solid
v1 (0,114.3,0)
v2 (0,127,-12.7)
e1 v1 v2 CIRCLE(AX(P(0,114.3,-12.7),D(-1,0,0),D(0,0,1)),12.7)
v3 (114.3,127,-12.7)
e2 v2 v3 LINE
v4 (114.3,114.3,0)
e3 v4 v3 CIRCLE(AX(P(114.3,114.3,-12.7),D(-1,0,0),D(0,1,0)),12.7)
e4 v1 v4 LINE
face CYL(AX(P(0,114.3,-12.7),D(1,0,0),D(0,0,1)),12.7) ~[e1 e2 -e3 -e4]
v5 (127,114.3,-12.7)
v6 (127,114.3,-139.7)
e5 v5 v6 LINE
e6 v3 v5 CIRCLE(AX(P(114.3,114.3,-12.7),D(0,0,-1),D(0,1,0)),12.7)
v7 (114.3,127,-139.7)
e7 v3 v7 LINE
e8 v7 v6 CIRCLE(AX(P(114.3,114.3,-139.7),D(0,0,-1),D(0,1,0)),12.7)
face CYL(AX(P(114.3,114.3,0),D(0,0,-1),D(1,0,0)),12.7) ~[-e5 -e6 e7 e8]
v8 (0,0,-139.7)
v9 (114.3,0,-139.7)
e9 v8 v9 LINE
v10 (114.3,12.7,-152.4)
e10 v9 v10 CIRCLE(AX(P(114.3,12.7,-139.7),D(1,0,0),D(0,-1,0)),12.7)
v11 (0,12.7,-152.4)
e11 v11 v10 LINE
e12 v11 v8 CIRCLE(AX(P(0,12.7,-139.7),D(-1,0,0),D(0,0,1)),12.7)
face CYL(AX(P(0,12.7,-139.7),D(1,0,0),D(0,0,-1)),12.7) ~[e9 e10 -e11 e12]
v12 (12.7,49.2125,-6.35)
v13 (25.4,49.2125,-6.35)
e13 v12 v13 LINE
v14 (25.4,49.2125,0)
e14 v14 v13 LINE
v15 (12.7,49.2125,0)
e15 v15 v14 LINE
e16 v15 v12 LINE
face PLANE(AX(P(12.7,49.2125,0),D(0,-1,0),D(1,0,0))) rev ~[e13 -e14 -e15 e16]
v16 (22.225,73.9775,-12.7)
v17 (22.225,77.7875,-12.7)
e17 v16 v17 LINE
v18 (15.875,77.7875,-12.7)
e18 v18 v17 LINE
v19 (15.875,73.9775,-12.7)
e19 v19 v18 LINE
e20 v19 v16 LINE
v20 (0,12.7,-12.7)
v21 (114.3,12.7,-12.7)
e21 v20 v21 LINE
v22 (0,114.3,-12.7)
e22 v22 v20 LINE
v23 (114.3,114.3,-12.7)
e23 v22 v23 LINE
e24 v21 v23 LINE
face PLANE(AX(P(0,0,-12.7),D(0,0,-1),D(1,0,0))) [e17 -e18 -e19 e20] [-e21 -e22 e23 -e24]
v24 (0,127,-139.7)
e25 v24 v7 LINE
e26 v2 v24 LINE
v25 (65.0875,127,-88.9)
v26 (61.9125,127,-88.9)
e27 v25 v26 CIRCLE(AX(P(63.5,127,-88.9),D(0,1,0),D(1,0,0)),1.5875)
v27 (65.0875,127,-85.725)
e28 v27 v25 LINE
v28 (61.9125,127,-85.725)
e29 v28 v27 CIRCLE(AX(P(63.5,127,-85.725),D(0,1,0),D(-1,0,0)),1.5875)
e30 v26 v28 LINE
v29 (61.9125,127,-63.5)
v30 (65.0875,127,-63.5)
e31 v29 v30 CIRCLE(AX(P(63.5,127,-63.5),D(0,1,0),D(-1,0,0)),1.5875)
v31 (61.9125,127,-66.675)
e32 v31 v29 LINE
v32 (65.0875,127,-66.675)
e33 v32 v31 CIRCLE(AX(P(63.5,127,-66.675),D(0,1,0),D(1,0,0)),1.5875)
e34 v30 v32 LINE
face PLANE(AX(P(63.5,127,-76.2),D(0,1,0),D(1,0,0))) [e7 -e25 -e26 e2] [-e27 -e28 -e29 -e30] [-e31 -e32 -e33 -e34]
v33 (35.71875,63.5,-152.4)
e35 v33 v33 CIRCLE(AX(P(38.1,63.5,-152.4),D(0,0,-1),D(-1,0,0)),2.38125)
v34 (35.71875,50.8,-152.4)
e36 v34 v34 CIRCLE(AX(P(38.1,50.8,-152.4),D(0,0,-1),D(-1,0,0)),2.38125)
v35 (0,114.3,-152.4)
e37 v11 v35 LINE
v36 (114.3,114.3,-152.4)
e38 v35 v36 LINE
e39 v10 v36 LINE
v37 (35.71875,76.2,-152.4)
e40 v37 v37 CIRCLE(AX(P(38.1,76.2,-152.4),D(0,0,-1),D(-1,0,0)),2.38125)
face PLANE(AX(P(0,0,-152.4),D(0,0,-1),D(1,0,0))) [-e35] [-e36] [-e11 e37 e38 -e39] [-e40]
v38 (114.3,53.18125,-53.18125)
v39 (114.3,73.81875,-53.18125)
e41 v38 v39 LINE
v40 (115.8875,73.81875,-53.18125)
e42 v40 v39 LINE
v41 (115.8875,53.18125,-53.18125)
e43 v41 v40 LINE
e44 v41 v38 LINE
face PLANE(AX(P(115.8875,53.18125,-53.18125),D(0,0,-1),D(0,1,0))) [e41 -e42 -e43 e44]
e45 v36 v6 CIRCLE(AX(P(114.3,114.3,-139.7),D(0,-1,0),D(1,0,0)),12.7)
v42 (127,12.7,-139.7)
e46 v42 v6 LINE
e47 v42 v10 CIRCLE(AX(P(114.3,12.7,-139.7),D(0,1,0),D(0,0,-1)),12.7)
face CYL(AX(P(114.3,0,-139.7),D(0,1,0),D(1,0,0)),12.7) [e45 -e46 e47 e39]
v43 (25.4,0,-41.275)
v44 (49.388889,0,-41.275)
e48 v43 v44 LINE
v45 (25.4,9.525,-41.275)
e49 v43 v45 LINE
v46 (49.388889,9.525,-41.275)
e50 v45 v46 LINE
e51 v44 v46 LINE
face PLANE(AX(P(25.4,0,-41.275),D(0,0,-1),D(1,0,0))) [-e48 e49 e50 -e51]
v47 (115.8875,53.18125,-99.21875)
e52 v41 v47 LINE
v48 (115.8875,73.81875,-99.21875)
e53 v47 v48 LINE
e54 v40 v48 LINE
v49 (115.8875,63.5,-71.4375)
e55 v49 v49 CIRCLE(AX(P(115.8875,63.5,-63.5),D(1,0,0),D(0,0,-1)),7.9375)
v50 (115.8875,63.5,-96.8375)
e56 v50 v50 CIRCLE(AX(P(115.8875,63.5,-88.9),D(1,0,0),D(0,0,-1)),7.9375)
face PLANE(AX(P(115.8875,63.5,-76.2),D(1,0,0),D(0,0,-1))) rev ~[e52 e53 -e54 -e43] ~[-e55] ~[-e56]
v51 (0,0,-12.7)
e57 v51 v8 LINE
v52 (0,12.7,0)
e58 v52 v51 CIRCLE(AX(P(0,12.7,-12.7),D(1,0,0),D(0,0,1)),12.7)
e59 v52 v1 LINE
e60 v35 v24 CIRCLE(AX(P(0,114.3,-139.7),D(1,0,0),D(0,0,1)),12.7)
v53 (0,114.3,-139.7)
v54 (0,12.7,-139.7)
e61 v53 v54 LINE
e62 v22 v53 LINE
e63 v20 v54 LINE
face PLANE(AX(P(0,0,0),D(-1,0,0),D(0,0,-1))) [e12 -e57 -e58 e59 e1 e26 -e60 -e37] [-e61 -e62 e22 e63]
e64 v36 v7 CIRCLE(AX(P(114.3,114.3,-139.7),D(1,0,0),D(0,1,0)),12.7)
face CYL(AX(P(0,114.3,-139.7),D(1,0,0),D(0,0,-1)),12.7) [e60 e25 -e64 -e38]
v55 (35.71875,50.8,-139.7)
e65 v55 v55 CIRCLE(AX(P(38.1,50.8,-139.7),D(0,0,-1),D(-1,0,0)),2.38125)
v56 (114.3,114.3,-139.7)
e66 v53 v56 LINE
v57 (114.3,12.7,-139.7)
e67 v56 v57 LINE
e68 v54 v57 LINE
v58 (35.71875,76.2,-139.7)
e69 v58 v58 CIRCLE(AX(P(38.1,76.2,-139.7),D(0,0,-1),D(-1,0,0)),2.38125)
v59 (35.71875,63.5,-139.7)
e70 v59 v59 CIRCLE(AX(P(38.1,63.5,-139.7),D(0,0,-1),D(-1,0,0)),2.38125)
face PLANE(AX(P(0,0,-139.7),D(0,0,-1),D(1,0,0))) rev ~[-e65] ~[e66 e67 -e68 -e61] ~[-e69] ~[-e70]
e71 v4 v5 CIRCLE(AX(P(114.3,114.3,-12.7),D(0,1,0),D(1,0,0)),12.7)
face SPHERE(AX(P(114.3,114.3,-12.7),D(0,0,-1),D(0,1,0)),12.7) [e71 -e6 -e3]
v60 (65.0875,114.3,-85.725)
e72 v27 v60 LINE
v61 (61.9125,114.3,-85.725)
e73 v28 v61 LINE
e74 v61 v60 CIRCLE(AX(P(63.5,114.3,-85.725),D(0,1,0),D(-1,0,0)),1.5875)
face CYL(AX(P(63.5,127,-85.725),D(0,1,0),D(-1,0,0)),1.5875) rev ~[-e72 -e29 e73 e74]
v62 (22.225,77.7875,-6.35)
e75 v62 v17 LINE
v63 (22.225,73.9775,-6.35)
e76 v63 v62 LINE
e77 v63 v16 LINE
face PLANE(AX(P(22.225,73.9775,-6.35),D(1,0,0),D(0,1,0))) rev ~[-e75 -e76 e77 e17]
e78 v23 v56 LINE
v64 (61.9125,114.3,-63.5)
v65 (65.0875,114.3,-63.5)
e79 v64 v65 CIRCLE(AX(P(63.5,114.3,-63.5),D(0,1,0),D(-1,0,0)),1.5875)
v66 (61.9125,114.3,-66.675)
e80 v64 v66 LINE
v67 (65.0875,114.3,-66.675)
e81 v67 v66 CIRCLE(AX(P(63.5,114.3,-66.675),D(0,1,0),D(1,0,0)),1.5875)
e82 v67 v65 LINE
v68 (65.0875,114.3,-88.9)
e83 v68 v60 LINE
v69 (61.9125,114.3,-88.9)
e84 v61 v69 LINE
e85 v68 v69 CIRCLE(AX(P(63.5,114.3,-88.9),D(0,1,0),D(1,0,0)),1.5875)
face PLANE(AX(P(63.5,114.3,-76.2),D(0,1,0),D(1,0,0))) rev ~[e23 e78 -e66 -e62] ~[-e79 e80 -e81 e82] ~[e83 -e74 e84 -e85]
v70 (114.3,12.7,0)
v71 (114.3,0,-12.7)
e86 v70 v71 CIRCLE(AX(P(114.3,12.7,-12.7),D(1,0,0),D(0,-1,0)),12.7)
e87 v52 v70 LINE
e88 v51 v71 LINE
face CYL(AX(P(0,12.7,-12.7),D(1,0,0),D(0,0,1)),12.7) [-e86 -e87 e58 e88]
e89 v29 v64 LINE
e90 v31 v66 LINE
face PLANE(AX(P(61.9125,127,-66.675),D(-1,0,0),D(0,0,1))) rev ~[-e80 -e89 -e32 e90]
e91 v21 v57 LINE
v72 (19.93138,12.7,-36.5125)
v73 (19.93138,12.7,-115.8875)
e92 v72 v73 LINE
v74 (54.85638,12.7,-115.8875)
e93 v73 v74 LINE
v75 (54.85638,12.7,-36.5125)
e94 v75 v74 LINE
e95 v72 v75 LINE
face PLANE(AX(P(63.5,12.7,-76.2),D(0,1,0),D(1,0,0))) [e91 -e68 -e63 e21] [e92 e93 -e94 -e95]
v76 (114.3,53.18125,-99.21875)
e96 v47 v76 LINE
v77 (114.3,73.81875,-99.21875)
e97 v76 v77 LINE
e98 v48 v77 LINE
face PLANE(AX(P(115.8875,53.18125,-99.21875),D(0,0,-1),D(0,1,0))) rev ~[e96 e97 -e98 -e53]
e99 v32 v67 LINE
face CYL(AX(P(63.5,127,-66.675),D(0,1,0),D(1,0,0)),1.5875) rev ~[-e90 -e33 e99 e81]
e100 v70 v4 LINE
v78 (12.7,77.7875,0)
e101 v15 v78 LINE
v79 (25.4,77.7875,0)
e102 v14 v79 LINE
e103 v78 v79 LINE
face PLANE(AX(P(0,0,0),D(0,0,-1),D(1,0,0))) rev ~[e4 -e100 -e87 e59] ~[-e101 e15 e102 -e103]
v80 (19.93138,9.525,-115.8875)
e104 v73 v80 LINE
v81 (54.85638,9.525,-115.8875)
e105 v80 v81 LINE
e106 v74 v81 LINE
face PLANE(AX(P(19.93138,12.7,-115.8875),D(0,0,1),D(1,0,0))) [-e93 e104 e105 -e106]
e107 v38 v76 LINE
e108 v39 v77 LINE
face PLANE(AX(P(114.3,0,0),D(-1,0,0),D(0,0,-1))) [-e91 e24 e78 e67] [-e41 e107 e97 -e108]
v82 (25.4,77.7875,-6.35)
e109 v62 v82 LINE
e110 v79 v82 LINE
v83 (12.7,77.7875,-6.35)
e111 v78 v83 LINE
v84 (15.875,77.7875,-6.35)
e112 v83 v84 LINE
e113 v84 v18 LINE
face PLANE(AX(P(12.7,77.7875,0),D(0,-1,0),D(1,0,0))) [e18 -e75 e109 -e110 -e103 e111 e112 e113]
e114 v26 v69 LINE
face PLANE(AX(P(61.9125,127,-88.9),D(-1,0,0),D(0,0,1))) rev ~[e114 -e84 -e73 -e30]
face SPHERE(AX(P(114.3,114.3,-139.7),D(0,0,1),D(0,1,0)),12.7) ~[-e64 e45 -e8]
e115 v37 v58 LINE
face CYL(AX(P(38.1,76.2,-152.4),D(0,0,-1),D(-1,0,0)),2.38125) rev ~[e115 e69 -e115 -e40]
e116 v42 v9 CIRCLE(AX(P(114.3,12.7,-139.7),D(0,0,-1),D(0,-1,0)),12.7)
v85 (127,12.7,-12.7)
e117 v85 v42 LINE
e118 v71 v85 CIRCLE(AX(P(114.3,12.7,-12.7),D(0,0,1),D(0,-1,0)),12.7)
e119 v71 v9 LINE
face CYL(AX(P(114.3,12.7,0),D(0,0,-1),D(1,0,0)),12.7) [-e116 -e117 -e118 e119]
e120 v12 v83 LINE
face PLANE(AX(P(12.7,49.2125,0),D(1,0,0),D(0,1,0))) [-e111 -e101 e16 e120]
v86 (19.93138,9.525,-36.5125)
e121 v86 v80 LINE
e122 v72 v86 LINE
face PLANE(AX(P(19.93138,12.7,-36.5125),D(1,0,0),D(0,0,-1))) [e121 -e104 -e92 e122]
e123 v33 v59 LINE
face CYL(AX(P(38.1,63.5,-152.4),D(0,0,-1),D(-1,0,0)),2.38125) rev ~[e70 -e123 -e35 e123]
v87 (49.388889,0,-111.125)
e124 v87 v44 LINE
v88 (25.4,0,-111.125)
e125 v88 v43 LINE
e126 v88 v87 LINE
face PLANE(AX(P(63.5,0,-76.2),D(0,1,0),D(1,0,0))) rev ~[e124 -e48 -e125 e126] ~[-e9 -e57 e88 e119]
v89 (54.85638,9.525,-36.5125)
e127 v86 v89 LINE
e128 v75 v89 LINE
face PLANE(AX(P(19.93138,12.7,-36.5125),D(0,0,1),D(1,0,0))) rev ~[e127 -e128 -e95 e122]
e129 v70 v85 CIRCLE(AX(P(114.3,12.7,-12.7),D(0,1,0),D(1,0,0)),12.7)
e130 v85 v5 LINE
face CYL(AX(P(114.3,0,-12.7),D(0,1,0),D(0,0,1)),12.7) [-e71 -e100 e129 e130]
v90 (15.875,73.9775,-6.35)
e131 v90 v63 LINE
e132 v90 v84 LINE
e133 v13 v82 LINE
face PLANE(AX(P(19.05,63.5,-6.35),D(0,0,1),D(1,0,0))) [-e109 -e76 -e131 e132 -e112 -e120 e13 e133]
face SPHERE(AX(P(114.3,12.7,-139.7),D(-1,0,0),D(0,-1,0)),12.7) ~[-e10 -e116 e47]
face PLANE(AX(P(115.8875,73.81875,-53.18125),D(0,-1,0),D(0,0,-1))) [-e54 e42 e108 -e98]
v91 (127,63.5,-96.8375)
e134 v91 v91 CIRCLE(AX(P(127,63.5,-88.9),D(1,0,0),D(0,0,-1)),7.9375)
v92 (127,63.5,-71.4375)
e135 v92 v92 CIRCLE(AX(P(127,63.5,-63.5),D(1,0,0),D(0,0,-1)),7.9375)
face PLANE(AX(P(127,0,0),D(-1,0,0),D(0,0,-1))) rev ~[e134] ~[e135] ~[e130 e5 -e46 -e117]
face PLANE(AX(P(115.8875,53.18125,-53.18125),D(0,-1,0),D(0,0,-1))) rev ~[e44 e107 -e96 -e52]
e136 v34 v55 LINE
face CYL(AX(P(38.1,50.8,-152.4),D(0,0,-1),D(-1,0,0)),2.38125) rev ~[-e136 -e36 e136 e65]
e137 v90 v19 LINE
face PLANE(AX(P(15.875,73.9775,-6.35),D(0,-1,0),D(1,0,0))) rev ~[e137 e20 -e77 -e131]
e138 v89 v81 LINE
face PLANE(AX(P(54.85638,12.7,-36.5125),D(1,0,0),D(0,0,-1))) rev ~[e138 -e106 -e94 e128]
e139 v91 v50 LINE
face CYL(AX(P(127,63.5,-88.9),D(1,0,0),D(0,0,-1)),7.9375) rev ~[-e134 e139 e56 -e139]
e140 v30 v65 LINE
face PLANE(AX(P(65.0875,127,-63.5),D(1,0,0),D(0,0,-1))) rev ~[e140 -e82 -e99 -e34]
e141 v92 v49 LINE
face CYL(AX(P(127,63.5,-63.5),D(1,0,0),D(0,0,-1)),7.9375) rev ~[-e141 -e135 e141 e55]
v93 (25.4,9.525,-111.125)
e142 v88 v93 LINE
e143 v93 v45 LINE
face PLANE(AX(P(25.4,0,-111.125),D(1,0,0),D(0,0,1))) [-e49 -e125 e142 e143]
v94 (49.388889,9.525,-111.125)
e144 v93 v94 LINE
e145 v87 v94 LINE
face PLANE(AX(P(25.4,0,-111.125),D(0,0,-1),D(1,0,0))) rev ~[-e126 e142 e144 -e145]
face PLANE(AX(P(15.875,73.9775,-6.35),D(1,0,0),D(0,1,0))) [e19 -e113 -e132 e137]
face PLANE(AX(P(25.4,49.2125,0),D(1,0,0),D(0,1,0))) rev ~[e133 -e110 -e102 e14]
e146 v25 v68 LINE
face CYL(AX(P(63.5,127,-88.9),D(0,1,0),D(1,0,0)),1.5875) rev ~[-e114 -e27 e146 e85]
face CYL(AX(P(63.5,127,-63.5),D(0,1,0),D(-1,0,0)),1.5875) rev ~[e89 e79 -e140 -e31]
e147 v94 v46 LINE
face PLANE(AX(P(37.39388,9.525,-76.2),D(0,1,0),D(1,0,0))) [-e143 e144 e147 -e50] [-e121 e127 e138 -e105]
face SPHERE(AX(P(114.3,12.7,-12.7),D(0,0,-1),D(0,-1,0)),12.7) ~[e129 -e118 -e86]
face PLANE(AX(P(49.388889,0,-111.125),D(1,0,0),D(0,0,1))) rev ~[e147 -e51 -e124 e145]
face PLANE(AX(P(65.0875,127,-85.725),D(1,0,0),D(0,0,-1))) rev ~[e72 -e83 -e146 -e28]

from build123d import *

# Parameters (mm, degrees)
SKETCH1_W           = 127
SKETCH1_H           = 152.4
BOSS_EXTRUDE1_DEPTH = 127
SHELL1_T            = -12.7
FILLET1_R           = 12.7
SKETCH3_W           = 23.988888889
SKETCH3_H           = 69.85
CUT_EXTRUDE1_DEPTH  = 9.525
SKETCH4_W           = 34.925
SKETCH4_H           = 79.375
CUT_EXTRUDE2_DEPTH  = 3.175
SKETCH5_W           = 12.7
SKETCH5_H           = 28.575
CUT_EXTRUDE3_DEPTH  = 6.35
CUT_EXTRUDE4_REACH  = 233.492
SKETCH6_W           = 6.35
SKETCH6_H           = 3.81
SKETCH7_R           = 7.9375
CUT_EXTRUDE5_DEPTH  = 11.1125
CUT_EXTRUDE6_REACH  = 231.749
SKETCH8_W           = 46.0375
SKETCH8_H           = 20.6375
CUT_EXTRUDE7_REACH  = 237.55
SKETCH9_R           = 2.38125
CUT_EXTRUDE8_REACH  = 237.55


with BuildPart() as part:
    # Sketch1 → Boss-Extrude1 (new body)
    with BuildSketch(Plane(origin=(0, 0, 0), x_dir=(1, 0, 0), z_dir=(0, 1, 0))):
        with Locations((63.5, 76.2)):
            Rectangle(SKETCH1_W, SKETCH1_H)
    extrude(amount=BOSS_EXTRUDE1_DEPTH)

    # Shell1
    shell1_openings = [part.faces().sort_by_distance(p)[0] for p in [
        (0, 63.5, -76.2),
    ]]
    offset(amount=SHELL1_T, openings=shell1_openings, kind=Kind.INTERSECTION)

    # Fillet1
    fillet1_edges = [part.edges().sort_by_distance(p)[0] for p in [
        (127, 127, -76.2),
        (63.5, 127, -152.4),
        (63.5, 0, -152.4),
        (127, 0, -76.2),
        (63.5, 0, 0),
        (63.5, 127, 0),
        (127, 63.5, -152.4),
        (127, 63.5, 0),
    ]]
    fillet(fillet1_edges, radius=FILLET1_R)

    # Sketch3 → Cut-Extrude1 (cut)
    with BuildSketch(Plane.XZ):
        with Locations((37.394444445, -76.2)):
            Rectangle(SKETCH3_W, SKETCH3_H)
    extrude(amount=-CUT_EXTRUDE1_DEPTH, mode=Mode.SUBTRACT)

    # Sketch4 → Cut-Extrude2 (cut)
    with BuildSketch(Plane(origin=(0, 12.7, 0), x_dir=(1, 0, 0), z_dir=(0, 1, 0))):
        with Locations((37.39388, 76.2)):
            Rectangle(SKETCH4_W, SKETCH4_H)
    extrude(amount=-CUT_EXTRUDE2_DEPTH, mode=Mode.SUBTRACT)

    # Sketch5 → Cut-Extrude3 (cut)
    with BuildSketch(Plane.XY):
        with Locations((19.05, 63.5)):
            Rectangle(SKETCH5_W, SKETCH5_H)
    extrude(amount=-CUT_EXTRUDE3_DEPTH, mode=Mode.SUBTRACT)

    # Sketch6 → Cut-Extrude4 (cut, up to next)
    with BuildSketch(Plane.XY.offset(-6.35), mode=Mode.PRIVATE) as cut_extrude4_sk1:
        with Locations((19.05, 75.8825)):
            Rectangle(SKETCH6_W, SKETCH6_H)
    cut_extrude4_tool1 = extrude(cut_extrude4_sk1.sketch, amount=-CUT_EXTRUDE4_REACH, mode=Mode.PRIVATE) & part.part
    add(cut_extrude4_tool1.solids().sort_by_distance((19.05, 75.8825, -6.35))[0], mode=Mode.SUBTRACT)

    # Sketch7 → Cut-Extrude5 (cut)
    with BuildSketch(Plane(origin=(127, 0, 0), x_dir=(0, 0, -1), z_dir=(1, 0, 0))):
        with Locations((63.5, 63.5)):
            Circle(SKETCH7_R)
        with Locations((88.9, 63.5)):
            Circle(SKETCH7_R)
    extrude(amount=-CUT_EXTRUDE5_DEPTH, mode=Mode.SUBTRACT)

    # Sketch8 → Cut-Extrude6 (cut, up to next)
    with BuildSketch(Plane(origin=(115.8875, 0, 0), x_dir=(0, 0, -1), z_dir=(1, 0, 0)), mode=Mode.PRIVATE) as cut_extrude6_sk1:
        with Locations((76.2, 63.5)):
            Rectangle(SKETCH8_W, SKETCH8_H)
    cut_extrude6_tool1 = extrude(cut_extrude6_sk1.sketch, amount=-CUT_EXTRUDE6_REACH, mode=Mode.PRIVATE) & part.part
    add(cut_extrude6_tool1.solids().sort_by_distance((115.8875, 63.5, -76.2))[0], mode=Mode.SUBTRACT)

    # Sketch9 → Cut-Extrude7 (cut, up to next)
    with BuildSketch(Plane(origin=(0, 0, -152.4), x_dir=(-1, 0, 0), z_dir=(0, 0, -1)), mode=Mode.PRIVATE) as cut_extrude7_sk1:
        with Locations((-38.1, 76.2)):
            Circle(SKETCH9_R)
    cut_extrude7_tool1 = extrude(cut_extrude7_sk1.sketch, amount=-CUT_EXTRUDE7_REACH, mode=Mode.PRIVATE) & part.part
    # Sketch9 → Cut-Extrude7 (cut, up to next)
    with BuildSketch(Plane(origin=(0, 0, -152.4), x_dir=(-1, 0, 0), z_dir=(0, 0, -1)), mode=Mode.PRIVATE) as cut_extrude7_sk2:
        with Locations((-38.1, 63.5)):
            Circle(SKETCH9_R)
    cut_extrude7_tool2 = extrude(cut_extrude7_sk2.sketch, amount=-CUT_EXTRUDE7_REACH, mode=Mode.PRIVATE) & part.part
    # Sketch9 → Cut-Extrude7 (cut, up to next)
    with BuildSketch(Plane(origin=(0, 0, -152.4), x_dir=(-1, 0, 0), z_dir=(0, 0, -1)), mode=Mode.PRIVATE) as cut_extrude7_sk3:
        with Locations((-38.1, 50.8)):
            Circle(SKETCH9_R)
    cut_extrude7_tool3 = extrude(cut_extrude7_sk3.sketch, amount=-CUT_EXTRUDE7_REACH, mode=Mode.PRIVATE) & part.part
    add(cut_extrude7_tool1.solids().sort_by_distance((38.1, 76.2, -152.4))[0], mode=Mode.SUBTRACT)
    add(cut_extrude7_tool2.solids().sort_by_distance((38.1, 63.5, -152.4))[0], mode=Mode.SUBTRACT)
    add(cut_extrude7_tool3.solids().sort_by_distance((38.1, 50.8, -152.4))[0], mode=Mode.SUBTRACT)

    # Sketch10 → Cut-Extrude8 (cut, up to next)
    with BuildSketch(Plane(origin=(0, 127, 0), x_dir=(1, 0, 0), z_dir=(0, 1, 0)), mode=Mode.PRIVATE) as cut_extrude8_sk1:
        with BuildLine():
            Line((61.9125, 88.9), (61.9125, 85.725))
            ThreePointArc((61.9125, 85.725), (63.5, 84.1375), (65.0875, 85.725))
            Line((65.0875, 85.725), (65.0875, 88.9))
            ThreePointArc((65.0875, 88.9), (63.5, 90.4875), (61.9125, 88.9))
        make_face()
    cut_extrude8_tool1 = extrude(cut_extrude8_sk1.sketch, amount=-CUT_EXTRUDE8_REACH, mode=Mode.PRIVATE) & part.part
    # Sketch10 → Cut-Extrude8 (cut, up to next)
    with BuildSketch(Plane(origin=(0, 127, 0), x_dir=(1, 0, 0), z_dir=(0, 1, 0)), mode=Mode.PRIVATE) as cut_extrude8_sk2:
        with BuildLine():
            Line((61.9125, 66.675), (61.9125, 63.5))
            ThreePointArc((61.9125, 63.5), (63.5, 61.9125), (65.0875, 63.5))
            Line((65.0875, 63.5), (65.0875, 66.675))
            ThreePointArc((65.0875, 66.675), (63.5, 68.2625), (61.9125, 66.675))
        make_face()
    cut_extrude8_tool2 = extrude(cut_extrude8_sk2.sketch, amount=-CUT_EXTRUDE8_REACH, mode=Mode.PRIVATE) & part.part
    add(cut_extrude8_tool1.solids().sort_by_distance((63.5, 127, -87.3125))[0], mode=Mode.SUBTRACT)
    add(cut_extrude8_tool2.solids().sort_by_distance((63.5, 127, -65.0875))[0], mode=Mode.SUBTRACT)


solid = part.part
